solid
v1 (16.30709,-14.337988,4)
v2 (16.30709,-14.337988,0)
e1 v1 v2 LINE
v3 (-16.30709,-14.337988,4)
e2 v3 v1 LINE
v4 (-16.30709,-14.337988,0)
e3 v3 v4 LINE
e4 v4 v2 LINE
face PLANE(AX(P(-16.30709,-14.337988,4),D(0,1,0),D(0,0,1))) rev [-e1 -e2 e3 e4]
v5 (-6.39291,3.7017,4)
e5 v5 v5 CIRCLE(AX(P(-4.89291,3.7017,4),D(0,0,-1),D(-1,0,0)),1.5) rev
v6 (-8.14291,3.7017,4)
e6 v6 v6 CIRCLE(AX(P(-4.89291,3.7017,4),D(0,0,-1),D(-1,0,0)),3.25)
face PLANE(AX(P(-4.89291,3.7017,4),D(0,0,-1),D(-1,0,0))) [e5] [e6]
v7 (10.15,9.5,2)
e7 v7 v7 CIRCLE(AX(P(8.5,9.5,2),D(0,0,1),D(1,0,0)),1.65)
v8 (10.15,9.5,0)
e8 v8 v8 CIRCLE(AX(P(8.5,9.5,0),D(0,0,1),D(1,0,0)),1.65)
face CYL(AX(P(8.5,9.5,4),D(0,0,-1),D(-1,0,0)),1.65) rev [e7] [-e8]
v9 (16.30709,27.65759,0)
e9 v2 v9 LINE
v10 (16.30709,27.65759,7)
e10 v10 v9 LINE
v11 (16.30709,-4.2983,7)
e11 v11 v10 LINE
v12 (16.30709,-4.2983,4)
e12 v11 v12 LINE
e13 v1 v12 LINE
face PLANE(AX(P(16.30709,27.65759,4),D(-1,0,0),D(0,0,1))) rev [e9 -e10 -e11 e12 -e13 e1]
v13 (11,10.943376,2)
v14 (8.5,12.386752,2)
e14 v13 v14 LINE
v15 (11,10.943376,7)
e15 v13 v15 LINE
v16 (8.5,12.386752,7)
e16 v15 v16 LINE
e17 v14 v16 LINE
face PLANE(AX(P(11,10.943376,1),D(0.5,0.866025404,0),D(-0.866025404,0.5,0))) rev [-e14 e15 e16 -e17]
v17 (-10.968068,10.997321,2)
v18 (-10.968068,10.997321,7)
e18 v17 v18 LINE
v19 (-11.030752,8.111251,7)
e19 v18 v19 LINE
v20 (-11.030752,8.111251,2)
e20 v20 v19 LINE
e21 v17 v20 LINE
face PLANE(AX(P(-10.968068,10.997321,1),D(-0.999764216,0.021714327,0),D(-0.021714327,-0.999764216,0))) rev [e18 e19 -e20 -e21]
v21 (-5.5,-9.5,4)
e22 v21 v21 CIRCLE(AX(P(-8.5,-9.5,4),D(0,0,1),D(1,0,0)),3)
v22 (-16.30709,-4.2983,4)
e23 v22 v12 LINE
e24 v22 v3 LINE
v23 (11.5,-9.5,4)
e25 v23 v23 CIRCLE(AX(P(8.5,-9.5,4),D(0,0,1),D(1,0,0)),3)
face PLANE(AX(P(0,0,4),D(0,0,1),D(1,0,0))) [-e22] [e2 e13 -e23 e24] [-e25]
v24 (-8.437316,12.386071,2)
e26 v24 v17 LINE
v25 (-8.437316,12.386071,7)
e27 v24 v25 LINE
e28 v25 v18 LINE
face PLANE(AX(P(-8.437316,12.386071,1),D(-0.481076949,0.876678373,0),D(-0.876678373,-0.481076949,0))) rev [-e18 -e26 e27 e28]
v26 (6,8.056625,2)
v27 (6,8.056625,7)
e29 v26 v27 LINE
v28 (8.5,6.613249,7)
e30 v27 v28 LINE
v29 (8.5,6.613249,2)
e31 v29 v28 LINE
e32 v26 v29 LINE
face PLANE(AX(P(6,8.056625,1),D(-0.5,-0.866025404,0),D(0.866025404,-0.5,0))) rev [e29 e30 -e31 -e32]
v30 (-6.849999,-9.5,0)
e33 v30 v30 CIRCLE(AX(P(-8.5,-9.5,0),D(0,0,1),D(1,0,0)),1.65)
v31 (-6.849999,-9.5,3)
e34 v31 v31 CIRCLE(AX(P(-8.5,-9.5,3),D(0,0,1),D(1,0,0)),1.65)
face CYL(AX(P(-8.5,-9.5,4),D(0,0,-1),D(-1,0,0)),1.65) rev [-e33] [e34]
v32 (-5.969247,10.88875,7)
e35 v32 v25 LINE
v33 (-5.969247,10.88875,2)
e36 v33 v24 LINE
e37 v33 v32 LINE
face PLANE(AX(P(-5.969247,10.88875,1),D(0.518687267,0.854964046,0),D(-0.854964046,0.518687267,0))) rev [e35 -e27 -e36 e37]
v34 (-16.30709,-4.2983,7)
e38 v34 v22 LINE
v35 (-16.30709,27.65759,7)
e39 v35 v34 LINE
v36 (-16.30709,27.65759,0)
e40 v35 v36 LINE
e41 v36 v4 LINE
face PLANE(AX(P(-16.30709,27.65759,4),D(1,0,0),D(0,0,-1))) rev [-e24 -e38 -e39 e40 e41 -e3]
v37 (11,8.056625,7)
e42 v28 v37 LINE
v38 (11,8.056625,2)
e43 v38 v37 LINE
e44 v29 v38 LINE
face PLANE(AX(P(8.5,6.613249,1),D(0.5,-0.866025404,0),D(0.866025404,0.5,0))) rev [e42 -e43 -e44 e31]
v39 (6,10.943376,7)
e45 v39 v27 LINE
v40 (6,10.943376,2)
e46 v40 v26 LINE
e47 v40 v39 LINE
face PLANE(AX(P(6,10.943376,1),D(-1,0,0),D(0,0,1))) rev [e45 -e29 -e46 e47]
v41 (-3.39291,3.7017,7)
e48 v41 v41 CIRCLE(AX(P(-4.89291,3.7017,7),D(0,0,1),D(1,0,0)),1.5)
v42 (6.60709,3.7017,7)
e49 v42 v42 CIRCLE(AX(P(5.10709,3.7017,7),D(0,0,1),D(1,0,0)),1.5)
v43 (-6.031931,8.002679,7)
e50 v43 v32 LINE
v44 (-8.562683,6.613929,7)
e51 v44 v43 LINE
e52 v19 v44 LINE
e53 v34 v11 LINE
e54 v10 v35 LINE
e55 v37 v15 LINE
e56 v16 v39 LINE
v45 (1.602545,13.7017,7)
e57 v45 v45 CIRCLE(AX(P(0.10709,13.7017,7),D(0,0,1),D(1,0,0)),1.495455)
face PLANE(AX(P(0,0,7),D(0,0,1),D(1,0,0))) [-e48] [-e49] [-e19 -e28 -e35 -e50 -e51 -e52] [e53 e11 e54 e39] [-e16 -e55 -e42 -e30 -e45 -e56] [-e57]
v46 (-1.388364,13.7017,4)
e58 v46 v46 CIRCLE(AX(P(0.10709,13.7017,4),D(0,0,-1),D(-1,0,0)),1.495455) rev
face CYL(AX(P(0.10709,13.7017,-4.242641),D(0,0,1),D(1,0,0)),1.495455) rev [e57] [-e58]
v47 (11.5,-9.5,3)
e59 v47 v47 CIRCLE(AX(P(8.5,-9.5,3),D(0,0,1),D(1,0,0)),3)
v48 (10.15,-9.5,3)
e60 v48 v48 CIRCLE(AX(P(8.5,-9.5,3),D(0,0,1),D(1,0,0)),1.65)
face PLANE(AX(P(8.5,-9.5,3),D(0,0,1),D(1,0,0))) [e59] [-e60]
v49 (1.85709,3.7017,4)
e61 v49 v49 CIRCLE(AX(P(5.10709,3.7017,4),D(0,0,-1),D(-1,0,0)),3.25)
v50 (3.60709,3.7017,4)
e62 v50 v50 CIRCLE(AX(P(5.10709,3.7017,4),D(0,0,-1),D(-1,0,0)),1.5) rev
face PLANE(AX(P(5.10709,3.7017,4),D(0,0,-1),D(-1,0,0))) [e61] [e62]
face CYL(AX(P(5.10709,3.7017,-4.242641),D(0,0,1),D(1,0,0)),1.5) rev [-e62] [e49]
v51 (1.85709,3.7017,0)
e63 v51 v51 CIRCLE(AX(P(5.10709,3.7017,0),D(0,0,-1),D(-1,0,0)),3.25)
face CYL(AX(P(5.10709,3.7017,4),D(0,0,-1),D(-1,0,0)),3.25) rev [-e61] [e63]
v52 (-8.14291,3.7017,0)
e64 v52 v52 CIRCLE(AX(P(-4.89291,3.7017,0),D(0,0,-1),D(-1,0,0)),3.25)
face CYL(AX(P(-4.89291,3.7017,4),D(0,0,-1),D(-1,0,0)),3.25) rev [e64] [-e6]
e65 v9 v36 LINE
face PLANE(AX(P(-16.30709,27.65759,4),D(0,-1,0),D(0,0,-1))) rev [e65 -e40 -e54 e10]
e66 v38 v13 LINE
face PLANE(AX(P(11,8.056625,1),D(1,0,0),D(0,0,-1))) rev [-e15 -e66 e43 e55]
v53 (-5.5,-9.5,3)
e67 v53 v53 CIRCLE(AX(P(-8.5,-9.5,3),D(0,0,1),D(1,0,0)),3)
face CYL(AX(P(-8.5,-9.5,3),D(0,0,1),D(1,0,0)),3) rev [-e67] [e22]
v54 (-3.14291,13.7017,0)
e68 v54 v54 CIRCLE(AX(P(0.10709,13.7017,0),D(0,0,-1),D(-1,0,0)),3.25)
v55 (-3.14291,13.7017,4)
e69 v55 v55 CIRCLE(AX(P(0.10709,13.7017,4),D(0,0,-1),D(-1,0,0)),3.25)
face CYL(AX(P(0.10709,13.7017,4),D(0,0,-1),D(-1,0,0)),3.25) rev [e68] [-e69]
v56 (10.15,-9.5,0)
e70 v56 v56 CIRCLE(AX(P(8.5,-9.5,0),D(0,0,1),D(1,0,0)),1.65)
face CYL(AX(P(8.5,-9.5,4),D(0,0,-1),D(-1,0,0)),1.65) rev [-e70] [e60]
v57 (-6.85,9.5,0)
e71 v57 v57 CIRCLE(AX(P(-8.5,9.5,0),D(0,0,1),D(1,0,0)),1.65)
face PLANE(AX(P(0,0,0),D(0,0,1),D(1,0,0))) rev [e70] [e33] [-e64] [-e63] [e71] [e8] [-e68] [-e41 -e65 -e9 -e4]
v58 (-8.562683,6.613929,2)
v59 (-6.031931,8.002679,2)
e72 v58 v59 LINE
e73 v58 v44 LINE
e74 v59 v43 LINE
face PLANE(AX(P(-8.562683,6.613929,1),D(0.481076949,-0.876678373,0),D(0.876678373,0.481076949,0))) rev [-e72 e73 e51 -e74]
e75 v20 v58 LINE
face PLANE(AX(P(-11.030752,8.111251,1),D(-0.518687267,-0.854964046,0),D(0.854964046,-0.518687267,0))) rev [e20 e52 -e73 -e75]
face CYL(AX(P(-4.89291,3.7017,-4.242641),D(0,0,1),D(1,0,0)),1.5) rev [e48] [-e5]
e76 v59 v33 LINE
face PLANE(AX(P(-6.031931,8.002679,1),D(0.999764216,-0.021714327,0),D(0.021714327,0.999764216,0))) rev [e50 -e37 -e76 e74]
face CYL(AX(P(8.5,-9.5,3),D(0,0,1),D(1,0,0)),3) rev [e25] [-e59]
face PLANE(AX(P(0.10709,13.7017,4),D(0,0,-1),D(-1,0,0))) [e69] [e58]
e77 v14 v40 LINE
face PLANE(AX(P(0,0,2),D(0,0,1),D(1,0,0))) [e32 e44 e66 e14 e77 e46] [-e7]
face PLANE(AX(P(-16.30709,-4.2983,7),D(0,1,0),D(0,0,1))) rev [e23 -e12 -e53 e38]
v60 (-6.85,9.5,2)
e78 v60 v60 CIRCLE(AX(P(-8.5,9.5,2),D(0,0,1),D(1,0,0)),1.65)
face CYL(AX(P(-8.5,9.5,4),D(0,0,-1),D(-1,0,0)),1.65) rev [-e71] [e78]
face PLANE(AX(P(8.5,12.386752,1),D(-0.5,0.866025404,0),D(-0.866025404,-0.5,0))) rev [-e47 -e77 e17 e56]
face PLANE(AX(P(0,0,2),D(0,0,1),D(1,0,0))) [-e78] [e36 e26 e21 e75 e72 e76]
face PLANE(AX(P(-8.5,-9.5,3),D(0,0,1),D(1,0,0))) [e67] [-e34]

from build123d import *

# Parameters (mm, degrees)
SKICA1_W                 = 32.614180818
SKICA1_H                 = 41.995577694
SKICA1_R                 = 1.649999753
SKICA1_R_2               = 1.649999979
SKICA1_R_3               = 1.649999826
SKICA1_R_4               = 1.650000122
P_IDAT_VYSUNUT_M1_DEPTH  = 4
ODEBRAT_VYSUNUT_M1_DEPTH = 3
SKICA3_W                 = 32.614180818
SKICA3_H                 = 31.955890059
P_IDAT_VYSUNUT_M2_DEPTH  = 3
SKICA4_R                 = 1.649999753
SKICA4_R_2               = 1.649999979
P_IDAT_VYSUNUT_M3_DEPTH  = 1
SKICA5_R                 = 3
ODEBRAT_VYSUNUT_M2_DEPTH = 1
SKICA6_R                 = 1.5
SKICA6_R_2               = 1.495454726
ODEBRAT_VYSUNUT_M3_DEPTH = 7
SKICA7_R                 = 3.25
ODEBRAT_VYSUNUT_M4_DEPTH = 4


with BuildPart() as part:
    # Skica1 → Přidat vysunutím1 (new body)
    with BuildSketch(Plane.XY):
        with Locations((0, 6.659801208)):
            Rectangle(SKICA1_W, SKICA1_H)
        with Locations((-8.49999961, 9.500000046)):
            Circle(SKICA1_R, mode=Mode.SUBTRACT)
        with Locations((8.499999866, 9.50000039)):
            Circle(SKICA1_R_2, mode=Mode.SUBTRACT)
        with Locations((8.500000308, -9.499999987)):
            Circle(SKICA1_R_3, mode=Mode.SUBTRACT)
        with Locations((-8.499999537, -9.500000426)):
            Circle(SKICA1_R_4, mode=Mode.SUBTRACT)
    extrude(amount=P_IDAT_VYSUNUT_M1_DEPTH)

    # Skica2 → Odebrat vysunutím1 (cut)
    with BuildSketch(Plane.XY.offset(4)):
        Polygon((-8.437315747, 12.386070743), (-10.968068219, 10.997321212), (-11.030752082, 8.111250516), (-8.562683473, 6.61392935), (-6.031931001, 8.002678881), (-5.969247138, 10.888749577), align=None)
        Polygon((8.499999866, 12.386751736), (5.999999866, 10.943376063), (5.999999866, 8.056624717), (8.499999866, 6.613249044), (10.999999866, 8.056624717), (10.999999866, 10.943376063), align=None)
    extrude(amount=-ODEBRAT_VYSUNUT_M1_DEPTH, mode=Mode.SUBTRACT)

    # Skica3 → Přidat vysunutím2 (add)
    with BuildSketch(Plane.XY.offset(4)):
        with Locations((0, 11.679645025)):
            Rectangle(SKICA3_W, SKICA3_H)
        Polygon((-8.437315747, 12.386070743), (-10.968068219, 10.997321212), (-11.030752082, 8.111250516), (-8.562683473, 6.61392935), (-6.031931001, 8.002678881), (-5.969247138, 10.888749577), align=None, mode=Mode.SUBTRACT)
        Polygon((10.999999866, 10.943376063), (8.499999866, 12.386751736), (5.999999866, 10.943376063), (5.999999866, 8.056624717), (8.499999866, 6.613249044), (10.999999866, 8.056624717), align=None, mode=Mode.SUBTRACT)
    extrude(amount=P_IDAT_VYSUNUT_M2_DEPTH)

    # Skica4 → Přidat vysunutím3 (add)
    # profile 1 of 2: a face of its own
    with BuildSketch(Plane.XY.offset(1)):
        Polygon((-5.969247138, 10.888749577), (-8.437315747, 12.386070743), (-10.968068219, 10.997321212), (-11.030752082, 8.111250516), (-8.562683473, 6.61392935), (-6.031931001, 8.002678881), align=None)
        with Locations((-8.49999961, 9.500000046)):
            Circle(SKICA4_R, mode=Mode.SUBTRACT)
    # profile 2 of 2: a face of its own
    with BuildSketch(Plane.XY.offset(1)):
        Polygon((10.999999866, 10.943376063), (8.499999866, 12.386751736), (5.999999866, 10.943376063), (5.999999866, 8.056624717), (8.499999866, 6.613249044), (10.999999866, 8.056624717), align=None)
        with Locations((8.499999866, 9.50000039)):
            Circle(SKICA4_R_2, mode=Mode.SUBTRACT)
    extrude(amount=P_IDAT_VYSUNUT_M3_DEPTH)

    # Skica5 → Odebrat vysunutím2 (cut)
    with BuildSketch(Plane.XY.offset(4)):
        with Locations((8.500000308, -9.499999987)):
            Circle(SKICA5_R)
        with Locations((-8.499999537, -9.500000426)):
            Circle(SKICA5_R)
    extrude(amount=-ODEBRAT_VYSUNUT_M2_DEPTH, mode=Mode.SUBTRACT)

    # Skica6 → Odebrat vysunutím3 (cut)
    with BuildSketch(Plane.XY.offset(7)):
        with Locations((5.107090409, 3.701699996)):
            Circle(SKICA6_R)
        with Locations((-4.892909591, 3.701699996)):
            Circle(SKICA6_R)
        with Locations((0.107090409, 13.701699996)):
            Circle(SKICA6_R_2)
    extrude(amount=-ODEBRAT_VYSUNUT_M3_DEPTH, mode=Mode.SUBTRACT)

    # Skica7 → Odebrat vysunutím4 (cut)
    with BuildSketch(Plane(origin=(0, 0, 0), x_dir=(-1, 0, 0), z_dir=(0, 0, -1))):
        with Locations((4.892909591, 3.701699996)):
            Circle(SKICA7_R)
        with Locations((-5.107090409, 3.701699996)):
            Circle(SKICA7_R)
        with Locations((-0.107090409, 13.701699996)):
            Circle(SKICA7_R)
    extrude(amount=-ODEBRAT_VYSUNUT_M4_DEPTH, mode=Mode.SUBTRACT)


solid = part.part
